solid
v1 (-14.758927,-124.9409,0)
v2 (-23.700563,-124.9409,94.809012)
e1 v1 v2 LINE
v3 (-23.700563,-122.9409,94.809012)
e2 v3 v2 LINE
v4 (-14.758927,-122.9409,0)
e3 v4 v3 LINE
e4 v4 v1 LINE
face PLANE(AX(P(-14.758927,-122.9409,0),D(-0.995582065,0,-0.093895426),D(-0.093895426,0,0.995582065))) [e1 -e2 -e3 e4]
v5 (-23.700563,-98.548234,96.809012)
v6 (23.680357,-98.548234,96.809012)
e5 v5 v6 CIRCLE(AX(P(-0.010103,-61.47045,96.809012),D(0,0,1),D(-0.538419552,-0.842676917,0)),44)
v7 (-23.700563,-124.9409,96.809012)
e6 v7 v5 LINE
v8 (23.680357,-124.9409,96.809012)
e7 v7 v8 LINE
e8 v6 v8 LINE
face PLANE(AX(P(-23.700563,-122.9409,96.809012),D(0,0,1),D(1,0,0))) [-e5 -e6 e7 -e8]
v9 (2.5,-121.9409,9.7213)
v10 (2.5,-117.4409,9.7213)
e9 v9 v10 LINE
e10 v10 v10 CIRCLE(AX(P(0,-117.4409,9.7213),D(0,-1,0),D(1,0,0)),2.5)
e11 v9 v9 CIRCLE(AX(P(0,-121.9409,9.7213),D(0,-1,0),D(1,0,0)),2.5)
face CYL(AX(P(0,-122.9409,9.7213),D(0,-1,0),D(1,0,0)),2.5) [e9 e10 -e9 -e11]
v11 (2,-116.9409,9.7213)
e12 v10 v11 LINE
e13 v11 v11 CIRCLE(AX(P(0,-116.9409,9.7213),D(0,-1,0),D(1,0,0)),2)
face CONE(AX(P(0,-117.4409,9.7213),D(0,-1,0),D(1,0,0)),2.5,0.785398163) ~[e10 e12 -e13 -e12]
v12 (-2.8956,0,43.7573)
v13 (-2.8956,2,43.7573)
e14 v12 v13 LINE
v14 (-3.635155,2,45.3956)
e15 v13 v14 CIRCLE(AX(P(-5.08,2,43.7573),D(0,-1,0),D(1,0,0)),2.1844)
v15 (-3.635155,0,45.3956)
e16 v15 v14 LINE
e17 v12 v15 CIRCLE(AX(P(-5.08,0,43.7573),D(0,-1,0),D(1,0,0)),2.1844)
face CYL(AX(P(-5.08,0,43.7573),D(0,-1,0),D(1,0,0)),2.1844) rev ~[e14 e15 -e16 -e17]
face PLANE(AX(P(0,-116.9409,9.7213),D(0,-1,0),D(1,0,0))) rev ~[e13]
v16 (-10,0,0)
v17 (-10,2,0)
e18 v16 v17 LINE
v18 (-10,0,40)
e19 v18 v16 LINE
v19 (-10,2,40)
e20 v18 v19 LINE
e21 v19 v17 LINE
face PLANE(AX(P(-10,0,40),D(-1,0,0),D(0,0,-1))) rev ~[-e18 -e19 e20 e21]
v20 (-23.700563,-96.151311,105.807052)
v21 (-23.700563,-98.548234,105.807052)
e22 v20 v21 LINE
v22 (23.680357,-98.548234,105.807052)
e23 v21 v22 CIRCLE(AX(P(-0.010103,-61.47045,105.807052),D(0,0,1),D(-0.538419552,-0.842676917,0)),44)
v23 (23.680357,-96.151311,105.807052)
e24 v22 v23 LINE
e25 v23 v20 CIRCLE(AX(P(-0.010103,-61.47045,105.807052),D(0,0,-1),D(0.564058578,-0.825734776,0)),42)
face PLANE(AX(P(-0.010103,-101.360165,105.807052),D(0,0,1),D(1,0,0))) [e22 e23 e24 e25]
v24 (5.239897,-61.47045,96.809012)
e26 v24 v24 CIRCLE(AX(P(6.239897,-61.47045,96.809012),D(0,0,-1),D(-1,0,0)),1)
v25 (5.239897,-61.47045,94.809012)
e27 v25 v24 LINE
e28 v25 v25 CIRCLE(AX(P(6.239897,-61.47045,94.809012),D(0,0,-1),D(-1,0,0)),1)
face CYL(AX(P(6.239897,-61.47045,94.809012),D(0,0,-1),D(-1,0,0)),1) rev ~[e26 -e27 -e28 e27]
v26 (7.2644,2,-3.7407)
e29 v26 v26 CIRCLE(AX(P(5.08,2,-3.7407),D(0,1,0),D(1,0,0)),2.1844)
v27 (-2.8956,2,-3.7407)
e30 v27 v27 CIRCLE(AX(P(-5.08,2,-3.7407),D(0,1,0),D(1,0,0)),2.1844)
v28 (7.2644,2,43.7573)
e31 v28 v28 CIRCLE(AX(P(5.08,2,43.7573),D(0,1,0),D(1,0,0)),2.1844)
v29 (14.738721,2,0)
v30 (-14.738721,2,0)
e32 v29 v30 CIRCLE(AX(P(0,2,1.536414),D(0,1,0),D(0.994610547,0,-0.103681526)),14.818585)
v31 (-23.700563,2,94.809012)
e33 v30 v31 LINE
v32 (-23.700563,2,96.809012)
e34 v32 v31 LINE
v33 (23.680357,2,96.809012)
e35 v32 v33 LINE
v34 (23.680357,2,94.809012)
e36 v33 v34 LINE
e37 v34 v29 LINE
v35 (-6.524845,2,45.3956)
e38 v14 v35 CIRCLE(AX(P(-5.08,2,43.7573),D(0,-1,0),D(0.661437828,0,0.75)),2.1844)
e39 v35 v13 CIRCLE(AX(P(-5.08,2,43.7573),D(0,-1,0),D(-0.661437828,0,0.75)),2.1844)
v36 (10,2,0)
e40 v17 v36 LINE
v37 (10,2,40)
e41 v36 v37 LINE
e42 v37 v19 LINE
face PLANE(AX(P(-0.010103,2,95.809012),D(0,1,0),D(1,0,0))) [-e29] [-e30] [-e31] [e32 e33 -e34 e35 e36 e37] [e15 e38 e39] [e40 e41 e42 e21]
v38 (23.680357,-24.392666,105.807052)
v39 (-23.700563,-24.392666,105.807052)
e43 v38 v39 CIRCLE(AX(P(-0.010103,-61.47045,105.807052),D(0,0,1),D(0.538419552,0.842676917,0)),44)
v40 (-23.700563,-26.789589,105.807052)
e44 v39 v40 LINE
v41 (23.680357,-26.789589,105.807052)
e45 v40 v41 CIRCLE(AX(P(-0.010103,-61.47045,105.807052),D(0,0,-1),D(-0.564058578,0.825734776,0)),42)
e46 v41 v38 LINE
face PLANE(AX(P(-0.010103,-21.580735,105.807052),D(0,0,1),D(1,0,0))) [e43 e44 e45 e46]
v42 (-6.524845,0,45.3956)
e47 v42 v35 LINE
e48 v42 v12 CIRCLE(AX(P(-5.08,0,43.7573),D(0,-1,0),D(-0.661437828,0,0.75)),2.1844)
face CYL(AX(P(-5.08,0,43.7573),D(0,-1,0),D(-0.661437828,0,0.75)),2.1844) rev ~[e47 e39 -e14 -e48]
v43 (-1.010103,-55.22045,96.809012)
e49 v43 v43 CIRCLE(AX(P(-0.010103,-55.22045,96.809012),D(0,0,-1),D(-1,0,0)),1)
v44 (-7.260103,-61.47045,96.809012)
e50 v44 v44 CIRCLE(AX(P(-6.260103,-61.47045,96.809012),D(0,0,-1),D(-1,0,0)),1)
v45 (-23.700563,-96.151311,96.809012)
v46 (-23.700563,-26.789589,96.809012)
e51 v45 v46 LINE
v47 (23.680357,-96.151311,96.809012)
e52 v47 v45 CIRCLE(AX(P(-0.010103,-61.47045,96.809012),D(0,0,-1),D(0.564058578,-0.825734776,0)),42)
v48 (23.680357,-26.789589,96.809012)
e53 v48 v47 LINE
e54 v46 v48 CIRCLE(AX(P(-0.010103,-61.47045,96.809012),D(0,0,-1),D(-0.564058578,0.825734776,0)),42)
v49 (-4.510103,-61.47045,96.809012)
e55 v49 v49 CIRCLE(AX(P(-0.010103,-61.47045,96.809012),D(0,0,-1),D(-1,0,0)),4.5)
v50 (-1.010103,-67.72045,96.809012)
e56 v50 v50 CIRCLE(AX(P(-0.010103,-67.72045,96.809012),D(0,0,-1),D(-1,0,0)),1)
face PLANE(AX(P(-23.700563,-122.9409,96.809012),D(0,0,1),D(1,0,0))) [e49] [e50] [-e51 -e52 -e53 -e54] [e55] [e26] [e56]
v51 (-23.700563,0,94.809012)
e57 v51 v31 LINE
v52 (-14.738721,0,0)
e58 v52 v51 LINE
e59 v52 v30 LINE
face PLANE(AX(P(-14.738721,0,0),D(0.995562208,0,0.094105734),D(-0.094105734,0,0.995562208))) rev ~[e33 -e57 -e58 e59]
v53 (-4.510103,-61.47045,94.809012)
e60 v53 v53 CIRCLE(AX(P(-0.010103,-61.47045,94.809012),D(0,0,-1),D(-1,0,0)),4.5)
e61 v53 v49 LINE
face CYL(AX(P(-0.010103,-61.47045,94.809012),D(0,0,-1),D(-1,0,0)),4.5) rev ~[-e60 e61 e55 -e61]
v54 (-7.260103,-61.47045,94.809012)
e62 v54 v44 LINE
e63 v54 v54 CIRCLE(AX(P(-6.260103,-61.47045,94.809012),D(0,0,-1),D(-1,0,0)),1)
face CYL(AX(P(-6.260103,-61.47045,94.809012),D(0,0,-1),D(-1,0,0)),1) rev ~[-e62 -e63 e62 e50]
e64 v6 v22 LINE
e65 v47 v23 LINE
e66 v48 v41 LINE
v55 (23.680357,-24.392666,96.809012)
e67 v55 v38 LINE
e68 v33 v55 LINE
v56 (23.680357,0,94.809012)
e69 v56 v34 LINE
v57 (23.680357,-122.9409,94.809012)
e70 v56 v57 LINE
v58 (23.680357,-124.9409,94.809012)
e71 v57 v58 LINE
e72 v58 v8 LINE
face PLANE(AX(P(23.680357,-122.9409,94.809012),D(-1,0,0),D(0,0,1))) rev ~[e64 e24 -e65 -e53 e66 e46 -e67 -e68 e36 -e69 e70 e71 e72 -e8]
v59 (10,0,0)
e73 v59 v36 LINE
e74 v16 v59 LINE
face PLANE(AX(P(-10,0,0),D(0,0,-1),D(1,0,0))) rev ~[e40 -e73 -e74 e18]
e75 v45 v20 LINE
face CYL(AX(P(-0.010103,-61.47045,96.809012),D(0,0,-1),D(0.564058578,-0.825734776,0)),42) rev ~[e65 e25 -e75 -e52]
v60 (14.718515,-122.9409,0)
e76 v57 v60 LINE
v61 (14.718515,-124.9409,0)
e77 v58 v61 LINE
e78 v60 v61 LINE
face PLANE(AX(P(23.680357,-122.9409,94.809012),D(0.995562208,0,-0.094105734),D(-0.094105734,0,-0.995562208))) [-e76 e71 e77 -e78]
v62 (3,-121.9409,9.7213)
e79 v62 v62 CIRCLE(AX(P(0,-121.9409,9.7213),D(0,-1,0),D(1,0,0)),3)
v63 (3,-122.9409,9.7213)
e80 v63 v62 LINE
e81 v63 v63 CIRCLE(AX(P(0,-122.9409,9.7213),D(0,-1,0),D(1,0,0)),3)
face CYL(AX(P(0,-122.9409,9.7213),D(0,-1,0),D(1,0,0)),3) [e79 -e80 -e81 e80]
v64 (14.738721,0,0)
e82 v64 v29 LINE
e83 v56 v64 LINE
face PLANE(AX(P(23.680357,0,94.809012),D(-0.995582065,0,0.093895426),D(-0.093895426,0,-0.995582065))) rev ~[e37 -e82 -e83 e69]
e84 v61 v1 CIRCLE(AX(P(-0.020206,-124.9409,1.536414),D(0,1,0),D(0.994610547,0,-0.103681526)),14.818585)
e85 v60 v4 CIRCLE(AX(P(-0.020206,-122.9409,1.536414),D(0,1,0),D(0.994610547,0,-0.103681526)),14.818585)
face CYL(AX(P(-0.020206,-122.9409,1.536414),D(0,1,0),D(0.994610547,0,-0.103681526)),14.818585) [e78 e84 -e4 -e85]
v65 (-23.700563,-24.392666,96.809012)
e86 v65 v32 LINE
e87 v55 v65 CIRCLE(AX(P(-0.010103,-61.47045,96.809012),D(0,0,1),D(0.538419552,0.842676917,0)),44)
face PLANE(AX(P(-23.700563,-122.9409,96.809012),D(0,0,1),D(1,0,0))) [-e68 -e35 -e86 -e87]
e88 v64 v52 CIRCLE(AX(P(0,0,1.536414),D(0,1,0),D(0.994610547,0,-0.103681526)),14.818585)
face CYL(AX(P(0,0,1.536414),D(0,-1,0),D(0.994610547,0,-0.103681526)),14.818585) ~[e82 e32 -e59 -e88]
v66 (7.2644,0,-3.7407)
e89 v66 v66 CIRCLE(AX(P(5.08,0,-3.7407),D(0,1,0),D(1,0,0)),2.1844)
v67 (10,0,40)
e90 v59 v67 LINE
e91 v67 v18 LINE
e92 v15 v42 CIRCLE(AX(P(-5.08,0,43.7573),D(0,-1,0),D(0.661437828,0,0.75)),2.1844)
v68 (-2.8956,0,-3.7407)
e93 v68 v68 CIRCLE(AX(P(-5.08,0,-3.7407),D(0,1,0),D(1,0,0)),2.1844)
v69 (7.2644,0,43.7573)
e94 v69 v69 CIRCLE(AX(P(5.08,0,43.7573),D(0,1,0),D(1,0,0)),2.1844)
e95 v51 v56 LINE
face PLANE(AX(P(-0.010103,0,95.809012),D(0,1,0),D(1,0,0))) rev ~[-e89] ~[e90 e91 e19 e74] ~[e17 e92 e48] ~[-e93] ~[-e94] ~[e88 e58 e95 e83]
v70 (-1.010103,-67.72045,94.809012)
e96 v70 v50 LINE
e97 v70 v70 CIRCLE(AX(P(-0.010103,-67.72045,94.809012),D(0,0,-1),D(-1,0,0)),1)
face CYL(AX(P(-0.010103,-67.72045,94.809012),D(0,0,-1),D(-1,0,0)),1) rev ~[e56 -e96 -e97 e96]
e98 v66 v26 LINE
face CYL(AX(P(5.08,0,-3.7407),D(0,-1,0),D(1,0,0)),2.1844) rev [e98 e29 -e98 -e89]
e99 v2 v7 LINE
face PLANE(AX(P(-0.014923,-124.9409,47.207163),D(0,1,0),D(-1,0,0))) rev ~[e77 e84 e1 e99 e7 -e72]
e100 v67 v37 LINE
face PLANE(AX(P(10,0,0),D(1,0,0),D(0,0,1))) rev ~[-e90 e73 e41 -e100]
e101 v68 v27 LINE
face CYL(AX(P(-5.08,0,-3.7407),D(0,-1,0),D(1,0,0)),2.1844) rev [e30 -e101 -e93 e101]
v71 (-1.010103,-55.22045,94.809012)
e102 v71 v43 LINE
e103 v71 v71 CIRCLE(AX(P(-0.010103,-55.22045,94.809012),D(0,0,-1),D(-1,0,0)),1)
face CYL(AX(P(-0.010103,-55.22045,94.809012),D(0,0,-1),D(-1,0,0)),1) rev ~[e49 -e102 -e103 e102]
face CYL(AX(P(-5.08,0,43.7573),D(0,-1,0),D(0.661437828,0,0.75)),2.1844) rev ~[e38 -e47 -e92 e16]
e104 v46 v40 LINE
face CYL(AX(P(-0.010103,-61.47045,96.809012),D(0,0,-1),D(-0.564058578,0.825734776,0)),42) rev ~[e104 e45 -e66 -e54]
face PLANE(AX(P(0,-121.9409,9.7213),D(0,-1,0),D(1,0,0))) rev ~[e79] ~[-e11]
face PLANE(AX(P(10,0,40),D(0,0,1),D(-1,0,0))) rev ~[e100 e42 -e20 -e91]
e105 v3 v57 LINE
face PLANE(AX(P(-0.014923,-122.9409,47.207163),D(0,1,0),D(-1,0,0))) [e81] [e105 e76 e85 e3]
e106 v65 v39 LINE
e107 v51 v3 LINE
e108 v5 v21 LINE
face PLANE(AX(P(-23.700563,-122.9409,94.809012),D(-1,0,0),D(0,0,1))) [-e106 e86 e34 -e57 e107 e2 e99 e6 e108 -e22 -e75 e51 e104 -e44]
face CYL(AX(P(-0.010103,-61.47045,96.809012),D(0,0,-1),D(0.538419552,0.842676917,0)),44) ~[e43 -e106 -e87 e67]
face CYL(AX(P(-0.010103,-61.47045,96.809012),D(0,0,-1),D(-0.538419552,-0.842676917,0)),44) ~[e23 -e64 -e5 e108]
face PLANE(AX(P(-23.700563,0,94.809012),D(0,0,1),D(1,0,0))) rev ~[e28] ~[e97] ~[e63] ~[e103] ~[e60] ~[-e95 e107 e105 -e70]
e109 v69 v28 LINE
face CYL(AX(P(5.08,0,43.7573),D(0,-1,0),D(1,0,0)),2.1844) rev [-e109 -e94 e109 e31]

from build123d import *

# Parameters (mm, degrees)
SKETCH1_R                = 2.1844
BOSS_EXTRUDE1_DEPTH      = 2
BOSS_EXTRUDE2_DEPTH      = 2
BOSS_EXTRUDE2_DEPTH_BACK = 122.9409
SKETCH1_3_W              = 47.380920583
SKETCH1_3_H              = 2
BOSS_EXTRUDE3_DEPTH      = 2
SKETCH2_3_R              = 3
SKETCH2_3_R_2            = 2.5
BOSS_EXTRUDE4_DEPTH      = 1
SKETCH2_4_R              = 2.5
BOSS_EXTRUDE5_DEPTH      = 6
CHAMFER1_SIZE            = 0.5
SKETCH3_R                = 4.5
SKETCH3_R_2              = 1
CUT_EXTRUDE1_DEPTH       = 10
BOSS_EXTRUDE6_DEPTH      = 8.99804


with BuildPart() as part:
    # Sketch1 → Boss-Extrude1 (new body)
    with BuildSketch(Plane(origin=(0, 0, 0), x_dir=(1, 0, 0), z_dir=(0, 1, 0))):
        with BuildLine():
            ThreePointArc((14.738721003, 0), (0, 13.282171548), (-14.738721003, 0))
            Line((-14.738721003, 0), (-23.700563463, -94.809011723))
            Line((-23.700563463, -94.809011723), (23.68035712, -94.809011723))
            Line((23.68035712, -94.809011723), (14.738721003, 0))
        make_face()
        with BuildLine():
            ThreePointArc((-6.524844791, -45.395600002), (-5.978744791, -41.766355211), (-2.8956, -43.757300002))
            ThreePointArc((-2.8956, -43.757300002), (-3.089055209, -44.656044793), (-3.635155209, -45.395600002))
            ThreePointArc((-3.635155209, -45.395600002), (-5.08, -45.941700002), (-6.524844791, -45.395600002))
        make_face(mode=Mode.SUBTRACT)
        with Locations((5.08, -43.757300002)):
            Circle(SKETCH1_R, mode=Mode.SUBTRACT)
        with Locations((-5.08, 3.740699998)):
            Circle(SKETCH1_R, mode=Mode.SUBTRACT)
        Polygon((-10, 0), (0, 0), (10, 0), (10, -40), (-10, -40), align=None, mode=Mode.SUBTRACT)
        with Locations((5.08, 3.740699998)):
            Circle(SKETCH1_R, mode=Mode.SUBTRACT)
    extrude(amount=BOSS_EXTRUDE1_DEPTH)

    # Sketch1<3> → Boss-Extrude2 (add, two sides: drawn at the far end of the back side and taken through both)
    with BuildSketch(Plane(origin=(0, 0, 0), x_dir=(1, 0, 0), z_dir=(0, 1, 0)).offset(-BOSS_EXTRUDE2_DEPTH_BACK)):
        with Locations((-0.010103172, -95.809011723)):
            Rectangle(SKETCH1_3_W, SKETCH1_3_H)
    extrude(amount=BOSS_EXTRUDE2_DEPTH + BOSS_EXTRUDE2_DEPTH_BACK)

    # Sketch2 → Boss-Extrude3 (add)
    with BuildSketch(Plane.XZ.offset(122.9409)):
        with BuildLine():
            ThreePointArc((-14.758927346, 0), (-0.020206343, -13.282171548), (14.71851466, 0))
            Line((14.71851466, 0), (23.68035712, 94.809011723))
            Line((23.68035712, 94.809011723), (23.68035712, 96.809011723))
            Line((23.68035712, 96.809011723), (-23.700563463, 96.809011723))
            Line((-23.700563463, 96.809011723), (-23.700563463, 94.809011723))
            Line((-23.700563463, 94.809011723), (-14.758927346, 0))
        make_face()
    extrude(amount=BOSS_EXTRUDE3_DEPTH)

    # Sketch2<3> → Boss-Extrude4 (add)
    with BuildSketch(Plane.XZ.offset(122.9409)):
        with Locations((0, 9.721300002)):
            Circle(SKETCH2_3_R)
        with Locations((0, 9.721300002)):
            Circle(SKETCH2_3_R_2, mode=Mode.SUBTRACT)
    extrude(amount=-BOSS_EXTRUDE4_DEPTH)

    # Sketch2<4> → Boss-Extrude5 (add)
    with BuildSketch(Plane.XZ.offset(122.9409)):
        with Locations((0, 9.721300002)):
            Circle(SKETCH2_4_R)
    extrude(amount=-BOSS_EXTRUDE5_DEPTH)

    # Chamfer1
    chamfer1_edges = [part.edges().sort_by_distance(p)[0] for p in [
        (-2.5, -116.9409, 9.721300002),
    ]]
    chamfer(chamfer1_edges, length=CHAMFER1_SIZE)

    # Sketch3 → Cut-Extrude1 (cut)
    with BuildSketch(Plane(origin=(0, 0, 94.809011723), x_dir=(-1, 0, 0), z_dir=(0, 0, -1))):
        with Locations((0.010103172, -61.47045)):
            Circle(SKETCH3_R)
        with Locations((6.260103172, -61.47045)):
            Circle(SKETCH3_R_2)
        with Locations((0.010103172, -67.72045)):
            Circle(SKETCH3_R_2)
        with Locations((-6.239896828, -61.47045)):
            Circle(SKETCH3_R_2)
        with Locations((0.010103172, -55.22045)):
            Circle(SKETCH3_R_2)
    extrude(amount=-CUT_EXTRUDE1_DEPTH, mode=Mode.SUBTRACT)

    # Sketch4 → Boss-Extrude6 (add)
    with BuildSketch(Plane.XY.offset(96.809011723)):
        with BuildLine():
            ThreePointArc((-23.700563463, -98.548234335), (-0.010103172, -105.47045), (23.68035712, -98.548234335))
            Line((23.68035712, -98.548234335), (23.68035712, -96.151310589))
            ThreePointArc((23.68035712, -96.151310589), (-0.010103172, -103.47045), (-23.700563463, -96.151310589))
            Line((-23.700563463, -96.151310589), (-23.700563463, -98.548234335))
        make_face()
        with BuildLine():
            ThreePointArc((-23.700563463, -26.789589411), (-0.010103172, -19.47045), (23.68035712, -26.789589411))
            Line((23.68035712, -26.789589411), (23.68035712, -24.392665665))
            ThreePointArc((23.68035712, -24.392665665), (-0.010103172, -17.47045), (-23.700563463, -24.392665665))
            Line((-23.700563463, -24.392665665), (-23.700563463, -26.789589411))
        make_face()
    extrude(amount=BOSS_EXTRUDE6_DEPTH)


solid = part.part
